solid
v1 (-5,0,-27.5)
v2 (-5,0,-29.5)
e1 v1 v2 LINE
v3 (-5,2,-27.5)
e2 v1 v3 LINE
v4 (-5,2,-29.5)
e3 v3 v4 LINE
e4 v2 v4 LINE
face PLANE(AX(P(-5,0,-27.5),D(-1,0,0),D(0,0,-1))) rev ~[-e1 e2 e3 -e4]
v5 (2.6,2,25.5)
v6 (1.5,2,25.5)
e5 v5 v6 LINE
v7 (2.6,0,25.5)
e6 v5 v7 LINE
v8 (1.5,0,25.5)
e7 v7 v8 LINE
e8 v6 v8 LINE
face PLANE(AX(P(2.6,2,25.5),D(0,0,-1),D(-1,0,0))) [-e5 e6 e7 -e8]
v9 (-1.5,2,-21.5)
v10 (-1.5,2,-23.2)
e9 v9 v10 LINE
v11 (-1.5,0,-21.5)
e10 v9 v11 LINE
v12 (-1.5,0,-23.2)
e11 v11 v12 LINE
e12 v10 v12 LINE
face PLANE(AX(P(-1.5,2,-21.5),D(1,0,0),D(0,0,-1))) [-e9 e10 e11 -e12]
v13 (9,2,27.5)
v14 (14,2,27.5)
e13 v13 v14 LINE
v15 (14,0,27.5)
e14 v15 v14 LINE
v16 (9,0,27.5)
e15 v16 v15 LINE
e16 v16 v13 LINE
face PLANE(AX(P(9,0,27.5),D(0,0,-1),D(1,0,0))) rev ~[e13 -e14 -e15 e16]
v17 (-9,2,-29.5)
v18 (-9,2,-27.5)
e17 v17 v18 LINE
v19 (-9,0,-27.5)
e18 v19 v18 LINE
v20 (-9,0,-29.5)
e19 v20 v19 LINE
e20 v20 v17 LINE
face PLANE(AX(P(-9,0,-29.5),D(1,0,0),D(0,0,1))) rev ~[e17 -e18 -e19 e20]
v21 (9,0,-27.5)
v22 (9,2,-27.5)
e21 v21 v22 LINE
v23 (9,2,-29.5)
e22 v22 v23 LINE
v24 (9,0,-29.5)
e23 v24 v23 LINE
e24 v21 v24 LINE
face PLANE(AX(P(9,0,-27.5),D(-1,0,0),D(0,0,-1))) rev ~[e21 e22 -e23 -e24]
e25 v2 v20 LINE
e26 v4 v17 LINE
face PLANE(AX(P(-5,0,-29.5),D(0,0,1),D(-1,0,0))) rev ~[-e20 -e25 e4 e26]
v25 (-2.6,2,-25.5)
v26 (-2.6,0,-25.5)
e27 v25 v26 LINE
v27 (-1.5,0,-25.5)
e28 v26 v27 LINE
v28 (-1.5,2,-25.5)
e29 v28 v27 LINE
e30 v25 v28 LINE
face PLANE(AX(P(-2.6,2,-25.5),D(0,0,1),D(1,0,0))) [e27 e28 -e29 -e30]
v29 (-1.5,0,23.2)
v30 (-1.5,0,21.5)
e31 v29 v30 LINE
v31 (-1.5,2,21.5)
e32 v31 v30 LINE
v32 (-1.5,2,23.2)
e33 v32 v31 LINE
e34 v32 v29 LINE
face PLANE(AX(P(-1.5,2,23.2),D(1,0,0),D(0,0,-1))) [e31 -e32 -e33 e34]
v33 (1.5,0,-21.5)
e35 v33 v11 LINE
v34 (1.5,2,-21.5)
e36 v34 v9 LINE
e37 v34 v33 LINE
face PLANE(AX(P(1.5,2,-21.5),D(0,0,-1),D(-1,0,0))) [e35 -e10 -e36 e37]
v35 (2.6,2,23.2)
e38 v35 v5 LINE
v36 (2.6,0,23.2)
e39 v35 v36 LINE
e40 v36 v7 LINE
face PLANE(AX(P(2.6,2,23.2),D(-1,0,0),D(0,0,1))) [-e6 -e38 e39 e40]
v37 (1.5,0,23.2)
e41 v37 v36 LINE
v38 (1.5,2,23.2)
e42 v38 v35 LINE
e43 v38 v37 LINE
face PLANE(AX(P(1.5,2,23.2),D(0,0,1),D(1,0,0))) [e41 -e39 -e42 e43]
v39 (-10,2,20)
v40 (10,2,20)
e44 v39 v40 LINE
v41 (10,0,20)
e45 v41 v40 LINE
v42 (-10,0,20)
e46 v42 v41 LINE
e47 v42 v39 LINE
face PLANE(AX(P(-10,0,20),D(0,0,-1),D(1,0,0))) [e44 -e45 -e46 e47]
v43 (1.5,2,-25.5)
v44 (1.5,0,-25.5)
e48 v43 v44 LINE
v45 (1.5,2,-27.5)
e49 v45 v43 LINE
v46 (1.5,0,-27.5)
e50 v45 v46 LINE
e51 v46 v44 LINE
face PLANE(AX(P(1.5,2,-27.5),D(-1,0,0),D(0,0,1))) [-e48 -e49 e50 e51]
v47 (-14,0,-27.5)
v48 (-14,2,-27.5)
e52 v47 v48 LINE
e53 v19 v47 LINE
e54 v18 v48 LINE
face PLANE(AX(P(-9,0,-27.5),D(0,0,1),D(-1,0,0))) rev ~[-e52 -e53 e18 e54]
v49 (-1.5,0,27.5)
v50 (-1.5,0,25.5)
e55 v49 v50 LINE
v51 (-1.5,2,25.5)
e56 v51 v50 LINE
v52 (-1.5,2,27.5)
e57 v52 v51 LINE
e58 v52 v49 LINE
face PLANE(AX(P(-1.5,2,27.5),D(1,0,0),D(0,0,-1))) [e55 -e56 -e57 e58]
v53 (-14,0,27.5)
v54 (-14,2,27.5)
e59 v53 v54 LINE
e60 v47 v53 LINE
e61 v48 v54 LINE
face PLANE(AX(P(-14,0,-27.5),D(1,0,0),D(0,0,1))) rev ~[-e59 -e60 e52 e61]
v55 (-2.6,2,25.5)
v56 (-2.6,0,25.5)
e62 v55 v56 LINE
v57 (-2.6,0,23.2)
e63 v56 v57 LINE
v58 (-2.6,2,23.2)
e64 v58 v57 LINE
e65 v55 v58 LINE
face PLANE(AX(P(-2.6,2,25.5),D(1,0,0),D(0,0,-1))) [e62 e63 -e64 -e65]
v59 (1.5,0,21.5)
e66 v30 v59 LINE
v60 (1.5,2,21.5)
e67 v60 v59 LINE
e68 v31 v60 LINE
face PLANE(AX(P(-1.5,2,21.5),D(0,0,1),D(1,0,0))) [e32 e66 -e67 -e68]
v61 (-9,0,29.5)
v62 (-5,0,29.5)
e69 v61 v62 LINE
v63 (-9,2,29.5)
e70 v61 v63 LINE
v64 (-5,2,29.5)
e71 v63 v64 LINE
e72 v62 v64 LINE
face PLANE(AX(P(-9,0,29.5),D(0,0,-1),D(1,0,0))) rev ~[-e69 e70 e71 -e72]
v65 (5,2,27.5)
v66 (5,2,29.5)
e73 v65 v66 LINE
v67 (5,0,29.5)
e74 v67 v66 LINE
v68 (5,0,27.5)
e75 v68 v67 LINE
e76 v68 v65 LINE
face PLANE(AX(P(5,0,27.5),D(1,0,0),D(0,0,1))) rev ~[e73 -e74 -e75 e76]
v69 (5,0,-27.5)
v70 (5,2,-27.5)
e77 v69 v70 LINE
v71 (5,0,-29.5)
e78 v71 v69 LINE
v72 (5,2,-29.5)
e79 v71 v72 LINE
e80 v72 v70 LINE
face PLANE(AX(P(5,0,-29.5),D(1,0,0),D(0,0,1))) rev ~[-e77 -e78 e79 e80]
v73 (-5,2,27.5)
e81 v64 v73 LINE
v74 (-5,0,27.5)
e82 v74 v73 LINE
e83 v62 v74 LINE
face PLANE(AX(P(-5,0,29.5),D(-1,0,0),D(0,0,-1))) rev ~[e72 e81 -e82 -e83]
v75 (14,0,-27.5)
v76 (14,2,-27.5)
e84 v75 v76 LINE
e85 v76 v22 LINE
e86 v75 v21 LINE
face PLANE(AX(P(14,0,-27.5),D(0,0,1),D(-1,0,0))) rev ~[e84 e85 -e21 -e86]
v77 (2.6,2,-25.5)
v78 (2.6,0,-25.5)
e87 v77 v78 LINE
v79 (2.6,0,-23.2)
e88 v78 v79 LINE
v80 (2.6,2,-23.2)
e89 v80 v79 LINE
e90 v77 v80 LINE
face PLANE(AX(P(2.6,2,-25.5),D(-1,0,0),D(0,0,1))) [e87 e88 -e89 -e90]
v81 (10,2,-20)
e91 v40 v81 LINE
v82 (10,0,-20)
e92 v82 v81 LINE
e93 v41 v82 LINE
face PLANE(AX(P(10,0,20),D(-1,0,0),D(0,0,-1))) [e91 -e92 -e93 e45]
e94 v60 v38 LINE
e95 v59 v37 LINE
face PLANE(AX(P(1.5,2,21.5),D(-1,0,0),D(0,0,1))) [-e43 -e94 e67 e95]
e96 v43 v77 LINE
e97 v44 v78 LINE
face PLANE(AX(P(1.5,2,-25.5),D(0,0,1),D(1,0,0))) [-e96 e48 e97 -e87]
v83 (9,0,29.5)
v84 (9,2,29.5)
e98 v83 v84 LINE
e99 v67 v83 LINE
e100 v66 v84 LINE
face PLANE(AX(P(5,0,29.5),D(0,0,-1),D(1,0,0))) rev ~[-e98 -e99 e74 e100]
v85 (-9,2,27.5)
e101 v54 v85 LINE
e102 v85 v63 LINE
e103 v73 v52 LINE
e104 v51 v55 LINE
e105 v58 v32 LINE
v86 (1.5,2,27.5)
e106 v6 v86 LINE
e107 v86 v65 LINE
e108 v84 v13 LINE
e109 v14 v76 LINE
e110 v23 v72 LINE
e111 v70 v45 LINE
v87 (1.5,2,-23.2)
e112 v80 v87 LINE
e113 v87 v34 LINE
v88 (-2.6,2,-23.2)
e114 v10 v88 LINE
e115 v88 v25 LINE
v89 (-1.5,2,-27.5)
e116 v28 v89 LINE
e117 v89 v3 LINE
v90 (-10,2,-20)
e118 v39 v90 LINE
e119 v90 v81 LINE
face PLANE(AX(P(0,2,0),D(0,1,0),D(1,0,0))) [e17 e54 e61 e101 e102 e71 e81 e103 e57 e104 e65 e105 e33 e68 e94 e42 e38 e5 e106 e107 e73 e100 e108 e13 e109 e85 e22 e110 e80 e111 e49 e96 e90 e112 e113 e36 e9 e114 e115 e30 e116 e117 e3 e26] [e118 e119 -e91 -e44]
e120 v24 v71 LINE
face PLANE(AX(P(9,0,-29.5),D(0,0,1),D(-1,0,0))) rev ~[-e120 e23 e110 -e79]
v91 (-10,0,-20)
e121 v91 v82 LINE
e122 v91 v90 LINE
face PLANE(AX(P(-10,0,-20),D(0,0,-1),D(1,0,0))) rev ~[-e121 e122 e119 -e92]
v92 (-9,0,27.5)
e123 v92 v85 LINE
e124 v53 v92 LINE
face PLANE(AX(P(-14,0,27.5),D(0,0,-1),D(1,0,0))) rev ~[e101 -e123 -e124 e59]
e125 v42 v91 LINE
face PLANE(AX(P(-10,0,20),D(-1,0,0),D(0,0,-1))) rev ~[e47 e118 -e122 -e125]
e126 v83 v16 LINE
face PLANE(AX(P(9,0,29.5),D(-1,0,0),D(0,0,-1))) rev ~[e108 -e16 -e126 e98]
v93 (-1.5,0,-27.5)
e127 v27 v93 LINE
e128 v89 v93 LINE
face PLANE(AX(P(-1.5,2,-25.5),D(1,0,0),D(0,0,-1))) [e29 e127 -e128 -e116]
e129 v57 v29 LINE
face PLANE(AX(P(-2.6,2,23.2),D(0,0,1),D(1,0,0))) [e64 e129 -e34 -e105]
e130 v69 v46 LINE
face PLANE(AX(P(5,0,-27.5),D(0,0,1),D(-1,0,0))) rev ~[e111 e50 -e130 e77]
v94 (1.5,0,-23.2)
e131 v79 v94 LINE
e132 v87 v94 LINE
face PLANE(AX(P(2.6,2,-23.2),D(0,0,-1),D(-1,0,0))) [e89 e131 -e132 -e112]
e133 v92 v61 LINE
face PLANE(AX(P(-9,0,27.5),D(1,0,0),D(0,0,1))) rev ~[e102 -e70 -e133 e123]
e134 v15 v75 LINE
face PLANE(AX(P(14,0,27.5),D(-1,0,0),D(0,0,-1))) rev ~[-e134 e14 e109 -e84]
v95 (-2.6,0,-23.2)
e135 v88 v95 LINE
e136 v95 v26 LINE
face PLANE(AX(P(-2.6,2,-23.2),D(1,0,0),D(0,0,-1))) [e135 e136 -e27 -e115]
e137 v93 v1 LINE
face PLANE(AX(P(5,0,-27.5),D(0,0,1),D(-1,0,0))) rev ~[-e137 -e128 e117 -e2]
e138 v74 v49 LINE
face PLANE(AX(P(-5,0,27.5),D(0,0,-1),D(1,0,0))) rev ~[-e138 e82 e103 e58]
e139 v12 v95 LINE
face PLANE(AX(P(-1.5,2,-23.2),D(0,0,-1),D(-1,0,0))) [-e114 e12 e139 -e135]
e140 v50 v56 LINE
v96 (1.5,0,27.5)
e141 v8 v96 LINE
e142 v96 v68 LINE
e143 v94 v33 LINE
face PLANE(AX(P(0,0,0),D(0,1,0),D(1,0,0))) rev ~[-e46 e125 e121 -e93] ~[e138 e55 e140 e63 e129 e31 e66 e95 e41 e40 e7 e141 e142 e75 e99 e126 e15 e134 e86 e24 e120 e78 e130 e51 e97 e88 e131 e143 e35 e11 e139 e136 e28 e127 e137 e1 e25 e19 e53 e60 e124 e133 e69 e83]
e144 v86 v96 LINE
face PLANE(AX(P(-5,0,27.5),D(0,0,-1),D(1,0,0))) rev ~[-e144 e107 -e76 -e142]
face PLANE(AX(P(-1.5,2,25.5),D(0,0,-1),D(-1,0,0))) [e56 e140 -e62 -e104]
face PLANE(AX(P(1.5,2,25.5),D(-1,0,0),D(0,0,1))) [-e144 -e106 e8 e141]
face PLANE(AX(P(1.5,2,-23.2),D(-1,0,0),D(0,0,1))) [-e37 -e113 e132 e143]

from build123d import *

# Parameters (mm, degrees)
SKETCH1_W           = 20
SKETCH1_H           = 40
BOSS_EXTRUDE1_DEPTH = 2
CUT_EXTRUDE2_DEPTH  = 2


with BuildPart() as part:
    # Sketch1 → Boss-Extrude1 (new body)
    with BuildSketch(Plane(origin=(0, 0, 0), x_dir=(1, 0, 0), z_dir=(0, 1, 0))):
        Polygon((-14, -27.5), (-9, -27.5), (-9, -29.5), (-5, -29.5), (-5, -27.5), (5, -27.5), (5, -29.5), (9, -29.5), (9, -27.5), (14, -27.5), (14, 27.5), (9, 27.5), (9, 29.5), (5, 29.5), (5, 27.5), (-5, 27.5), (-5, 29.5), (-9, 29.5), (-9, 27.5), (-14, 27.5), (-14, 14.5), (-14, -14.5), align=None)
        Rectangle(SKETCH1_W, SKETCH1_H, mode=Mode.SUBTRACT)
    extrude(amount=BOSS_EXTRUDE1_DEPTH)

    # Sketch4 → Cut-Extrude2 (cut)
    with BuildSketch(Plane(origin=(0, 2, 0), x_dir=(1, 0, 0), z_dir=(0, 1, 0))):
        Polygon((-1.5, 23.2), (-2.6, 23.2), (-2.6, 25.5), (-1.5, 25.5), (-1.5, 27.5), (1.5, 27.5), (1.5, 25.5), (2.6, 25.5), (2.6, 23.2), (1.5, 23.2), (1.5, 21.5), (-1.5, 21.5), align=None)
        Polygon((1.5, -25.5), (1.5, -27.5), (-1.5, -27.5), (-1.5, -25.5), (-2.6, -25.5), (-2.6, -23.2), (-1.5, -23.2), (-1.5, -21.5), (1.5, -21.5), (1.5, -23.2), (2.6, -23.2), (2.6, -25.5), align=None)
    extrude(amount=-CUT_EXTRUDE2_DEPTH, mode=Mode.SUBTRACT)


solid = part.part
